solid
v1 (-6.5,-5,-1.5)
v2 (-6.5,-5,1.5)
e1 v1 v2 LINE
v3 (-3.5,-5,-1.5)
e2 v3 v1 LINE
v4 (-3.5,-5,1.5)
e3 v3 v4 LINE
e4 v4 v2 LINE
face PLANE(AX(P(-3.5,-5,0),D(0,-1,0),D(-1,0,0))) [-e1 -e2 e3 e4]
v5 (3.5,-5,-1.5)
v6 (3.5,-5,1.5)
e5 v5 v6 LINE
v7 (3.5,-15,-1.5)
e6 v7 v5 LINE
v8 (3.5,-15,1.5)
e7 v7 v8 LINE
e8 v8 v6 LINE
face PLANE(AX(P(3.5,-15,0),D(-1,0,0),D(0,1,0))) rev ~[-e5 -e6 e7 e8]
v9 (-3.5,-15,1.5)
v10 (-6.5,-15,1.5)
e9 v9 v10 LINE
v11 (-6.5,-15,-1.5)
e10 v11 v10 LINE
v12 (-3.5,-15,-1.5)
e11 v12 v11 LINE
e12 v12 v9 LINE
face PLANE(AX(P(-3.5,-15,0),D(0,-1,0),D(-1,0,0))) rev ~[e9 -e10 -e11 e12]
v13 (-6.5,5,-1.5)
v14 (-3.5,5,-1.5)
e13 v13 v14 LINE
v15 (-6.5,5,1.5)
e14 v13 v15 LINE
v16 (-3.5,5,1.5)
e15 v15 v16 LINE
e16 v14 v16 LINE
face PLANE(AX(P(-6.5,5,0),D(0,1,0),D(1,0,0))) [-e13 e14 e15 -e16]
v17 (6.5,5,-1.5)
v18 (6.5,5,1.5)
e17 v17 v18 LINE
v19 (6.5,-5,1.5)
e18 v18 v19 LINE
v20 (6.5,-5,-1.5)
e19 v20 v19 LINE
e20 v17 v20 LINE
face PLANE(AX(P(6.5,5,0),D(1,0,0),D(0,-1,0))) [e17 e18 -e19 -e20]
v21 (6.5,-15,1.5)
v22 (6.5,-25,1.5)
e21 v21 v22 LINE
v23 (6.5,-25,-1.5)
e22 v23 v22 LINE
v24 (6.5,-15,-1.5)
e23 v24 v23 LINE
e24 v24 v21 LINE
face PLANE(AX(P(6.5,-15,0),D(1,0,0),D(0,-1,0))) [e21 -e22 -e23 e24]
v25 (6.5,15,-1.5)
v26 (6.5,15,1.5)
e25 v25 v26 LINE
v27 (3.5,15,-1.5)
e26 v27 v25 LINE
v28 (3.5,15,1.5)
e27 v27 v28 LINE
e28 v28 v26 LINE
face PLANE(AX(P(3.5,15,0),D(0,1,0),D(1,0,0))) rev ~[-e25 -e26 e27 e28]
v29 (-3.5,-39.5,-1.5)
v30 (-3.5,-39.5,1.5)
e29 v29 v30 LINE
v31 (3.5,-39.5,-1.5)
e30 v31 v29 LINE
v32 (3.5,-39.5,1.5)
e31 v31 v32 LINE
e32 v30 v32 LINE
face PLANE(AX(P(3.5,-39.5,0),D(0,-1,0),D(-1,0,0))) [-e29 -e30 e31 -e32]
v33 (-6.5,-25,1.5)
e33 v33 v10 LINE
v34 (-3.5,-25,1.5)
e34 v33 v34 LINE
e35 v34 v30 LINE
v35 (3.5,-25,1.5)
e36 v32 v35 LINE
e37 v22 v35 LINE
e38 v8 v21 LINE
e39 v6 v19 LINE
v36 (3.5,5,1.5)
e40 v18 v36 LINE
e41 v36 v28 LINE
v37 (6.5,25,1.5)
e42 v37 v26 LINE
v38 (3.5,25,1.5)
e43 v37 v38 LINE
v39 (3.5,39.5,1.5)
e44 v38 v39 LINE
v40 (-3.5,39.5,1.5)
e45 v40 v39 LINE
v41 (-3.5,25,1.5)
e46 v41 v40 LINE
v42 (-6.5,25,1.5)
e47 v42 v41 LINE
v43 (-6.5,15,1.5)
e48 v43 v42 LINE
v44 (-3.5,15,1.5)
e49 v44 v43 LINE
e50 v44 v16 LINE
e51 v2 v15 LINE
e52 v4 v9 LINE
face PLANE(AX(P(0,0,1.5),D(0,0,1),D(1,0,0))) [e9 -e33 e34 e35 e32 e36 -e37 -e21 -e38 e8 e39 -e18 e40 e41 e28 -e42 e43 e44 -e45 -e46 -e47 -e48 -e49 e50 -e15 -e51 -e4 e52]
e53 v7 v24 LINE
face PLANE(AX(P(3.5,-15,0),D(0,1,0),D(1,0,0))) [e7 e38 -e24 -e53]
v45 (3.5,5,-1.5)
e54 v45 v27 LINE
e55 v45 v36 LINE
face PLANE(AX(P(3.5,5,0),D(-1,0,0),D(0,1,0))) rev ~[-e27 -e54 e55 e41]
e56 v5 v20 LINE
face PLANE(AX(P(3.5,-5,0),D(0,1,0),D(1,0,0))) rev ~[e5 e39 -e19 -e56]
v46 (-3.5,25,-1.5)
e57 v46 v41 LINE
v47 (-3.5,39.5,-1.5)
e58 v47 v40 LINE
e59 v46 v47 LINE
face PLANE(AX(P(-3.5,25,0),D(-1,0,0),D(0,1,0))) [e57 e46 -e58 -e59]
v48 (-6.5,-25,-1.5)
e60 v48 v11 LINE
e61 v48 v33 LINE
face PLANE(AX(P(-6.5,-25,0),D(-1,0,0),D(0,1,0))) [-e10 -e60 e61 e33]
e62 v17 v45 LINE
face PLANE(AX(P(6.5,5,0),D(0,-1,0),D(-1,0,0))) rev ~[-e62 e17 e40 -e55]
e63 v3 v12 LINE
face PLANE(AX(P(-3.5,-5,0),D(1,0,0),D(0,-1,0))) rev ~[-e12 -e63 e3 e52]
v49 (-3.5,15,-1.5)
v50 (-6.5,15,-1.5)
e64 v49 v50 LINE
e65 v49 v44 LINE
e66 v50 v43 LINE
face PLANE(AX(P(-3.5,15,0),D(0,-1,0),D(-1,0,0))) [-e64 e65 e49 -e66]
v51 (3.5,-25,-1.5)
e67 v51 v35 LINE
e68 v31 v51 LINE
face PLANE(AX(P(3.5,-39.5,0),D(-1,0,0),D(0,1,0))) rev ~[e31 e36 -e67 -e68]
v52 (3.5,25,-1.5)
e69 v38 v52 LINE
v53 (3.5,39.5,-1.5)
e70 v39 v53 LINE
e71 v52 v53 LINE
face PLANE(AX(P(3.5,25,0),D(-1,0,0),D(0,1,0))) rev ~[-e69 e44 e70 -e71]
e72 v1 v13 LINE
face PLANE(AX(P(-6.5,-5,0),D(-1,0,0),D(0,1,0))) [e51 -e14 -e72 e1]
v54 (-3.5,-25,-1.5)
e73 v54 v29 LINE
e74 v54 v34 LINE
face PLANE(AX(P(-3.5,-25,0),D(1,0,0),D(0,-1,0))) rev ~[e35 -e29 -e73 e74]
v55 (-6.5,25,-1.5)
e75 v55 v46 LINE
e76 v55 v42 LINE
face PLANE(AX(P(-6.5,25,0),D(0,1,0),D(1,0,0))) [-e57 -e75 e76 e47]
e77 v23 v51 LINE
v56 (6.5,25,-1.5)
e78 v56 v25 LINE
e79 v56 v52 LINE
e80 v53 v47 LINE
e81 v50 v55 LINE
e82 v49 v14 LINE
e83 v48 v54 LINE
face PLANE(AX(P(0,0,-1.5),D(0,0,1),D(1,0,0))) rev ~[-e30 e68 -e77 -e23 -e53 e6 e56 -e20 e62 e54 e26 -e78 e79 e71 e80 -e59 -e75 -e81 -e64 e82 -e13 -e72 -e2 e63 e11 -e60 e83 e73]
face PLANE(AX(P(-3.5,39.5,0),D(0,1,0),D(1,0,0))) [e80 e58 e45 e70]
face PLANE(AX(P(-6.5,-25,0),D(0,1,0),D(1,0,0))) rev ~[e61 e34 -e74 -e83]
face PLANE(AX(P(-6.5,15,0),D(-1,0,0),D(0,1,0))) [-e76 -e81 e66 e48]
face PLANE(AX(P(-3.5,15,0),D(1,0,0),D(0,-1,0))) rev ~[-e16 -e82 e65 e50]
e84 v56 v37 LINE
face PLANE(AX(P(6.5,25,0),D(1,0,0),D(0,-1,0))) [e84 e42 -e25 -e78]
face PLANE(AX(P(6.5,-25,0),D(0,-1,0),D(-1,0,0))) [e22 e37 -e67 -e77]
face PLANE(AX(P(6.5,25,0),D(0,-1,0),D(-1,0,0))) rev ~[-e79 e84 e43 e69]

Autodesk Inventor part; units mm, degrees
ref_plane "YZ Plane" through (0, 0, 0) normal (1, 0, 0) x (0, 1, 0)
ref_plane "XZ Plane" through (0, 0, 0) normal (0, 1, 0) x (-1, 0, 0)
ref_plane "XY Plane" through (0, 0, 0) normal (0, 0, 1) x (1, 0, 0)
sketch "Sketch1" plane through (0, 0, 0) normal (0, 0, 1) x (1, 0, 0)
  line L0 (-6.5, 39.5) -> (6.5, 39.5)
  line L1 (6.5, 39.5) -> (6.5, -39.5)
  line L2 (6.5, -39.5) -> (-6.5, -39.5)
  line L3 (-6.5, -39.5) -> (-6.5, 39.5)
  line L4 (-1.5, 39.5) -> (1.5, 39.5)
  line L5 (1.5, 39.5) -> (1.5, 36.5)
  line L6 (1.5, 36.5) -> (-1.5, 36.5)
  line L7 (-1.5, 36.5) -> (-1.5, 39.5)
  line L8 (-6.5, 5) -> (-3.5, 5)
  line L9 (-3.5, 5) -> (-3.5, -5)
  line L10 (-3.5, -5) -> (-6.5, -5)
  line L11 (-6.5, -5) -> (-6.5, 5)
  line L12 (2.5, 39.5) -> (6.5, 39.5)
  line L13 (6.5, 39.5) -> (6.5, -39.5)
  line L14 (6.5, -39.5) -> (2.5, -39.5)
  line L15 (2.5, -39.5) -> (2.5, 39.5) construction
  line L16 (2.5, 15) -> (-6.5, 15)
  line L17 (-6.5, 15) -> (-6.5, 25)
  line L18 (-6.5, 25) -> (2.5, 25)
  line L19 (2.5, 25) -> (2.5, 15)
  line L20 (0, 0) -> (2.358, 0)
  line L21 (2.5, -15) -> (-6.5, -15)
  line L22 (-6.5, -25) -> (2.5, -25)
  line L23 (0, 0) -> (0, 1.2085)
  line L24 (6.5, 5) -> (3.5, 5)
  line L25 (3.5, -5) -> (6.5, -5)
  line L26 (-2.5, 15) -> (6.5, 15)
  line L27 (6.5, 25) -> (-2.5, 25)
  line L28 (-2.5, -15) -> (6.5, -15)
  line L29 (6.5, -25) -> (-2.5, -25)
  line L30 (-3.5, -15) -> (-3.5, -25)
  line L31 (-3.5, 15) -> (-3.5, 25)
  line L32 (3.5, -5) -> (3.5, 5)
  line L33 (3.5, 15) -> (3.5, 25)
  line L34 (3.5, -25) -> (3.5, -15)
  line L35 (-3.5, 25) -> (-3.5, 39.5)
  line L36 (-3.5, 15) -> (-3.5, -39.5)
  line L37 (3.5, -39.5) -> (3.5, 39.5)
  point P0 (0, 39.5)
  point P1 (0, 36.5)
  point P2 (-3.5, 0)
  point P3 (6.5, 0)
  point P4 (-5, 5)
  point P5 (-2, 15)
  point P6 (-2, -15)
  point P7 (5, 5)
  point P8 (2, 15)
  point P9 (2, -15)
  point P10 (-6.5, -25)
  point P11 (2.5, -25)
  point P12 (6.5, -25)
  point P13 (6.5, -25)
  point P14 (6.5, -15)
  point P15 (6.5, -15)
  point P16 (6.5, -5)
  point P17 (6.5, -5)
  point P18 (6.5, 5)
  point P19 (6.5, 5)
  point P20 (6.5, 15)
  point P21 (6.5, 15)
  point P22 (6.5, 25)
  point P23 (6.5, 25)
  point P24 (2.5, 25)
  point P25 (-6.5, 15)
  point P26 (-2, 5)
  point P27 (-6.5, -5)
  point P28 (-2, -5)
  point P29 (2.5, -15)
  point P30 (-6.5, -15)
  point P31 (-3.5, -15)
  point P32 (-3.5, -25)
  point P33 (3.5, -25)
  point P34 (3.5, -15)
  point P35 (3.5, 15)
  point P36 (3.5, 25)
  dimension "d0" = 79
  dimension "d1" = 13
  dimension "d2" = 3
  dimension "d3" = 3
  dimension "d4" = 3
  dimension "d5" = 10
  dimension "d6" = 4
  dimension "d7" = 10
  dimension "d11" = 10
extrude "Extrusion1" add sketch "Sketch1" along normal mid plane 3 contours L0 L7 L6 L5 L37 L27 L18 L35 | L18 L31 L16 L3 | L0 L5 L6 L7 | L18 L19 L16 L31 | L16 L26 L37 L32 L28 L21 L36 L9 | L8 L9 L10 L3 | L27 L33 L26 L19 | L27 L1 L26 L33 | L21 L30 L22 L3 | L21 L28 L34 L29 L22 L30 | L24 L1 L25 L32 | L22 L29 L37 L2 L36 | L28 L1 L29 L34
equation "\"d11\" = d7"
properties part number "Side piece 2x"
